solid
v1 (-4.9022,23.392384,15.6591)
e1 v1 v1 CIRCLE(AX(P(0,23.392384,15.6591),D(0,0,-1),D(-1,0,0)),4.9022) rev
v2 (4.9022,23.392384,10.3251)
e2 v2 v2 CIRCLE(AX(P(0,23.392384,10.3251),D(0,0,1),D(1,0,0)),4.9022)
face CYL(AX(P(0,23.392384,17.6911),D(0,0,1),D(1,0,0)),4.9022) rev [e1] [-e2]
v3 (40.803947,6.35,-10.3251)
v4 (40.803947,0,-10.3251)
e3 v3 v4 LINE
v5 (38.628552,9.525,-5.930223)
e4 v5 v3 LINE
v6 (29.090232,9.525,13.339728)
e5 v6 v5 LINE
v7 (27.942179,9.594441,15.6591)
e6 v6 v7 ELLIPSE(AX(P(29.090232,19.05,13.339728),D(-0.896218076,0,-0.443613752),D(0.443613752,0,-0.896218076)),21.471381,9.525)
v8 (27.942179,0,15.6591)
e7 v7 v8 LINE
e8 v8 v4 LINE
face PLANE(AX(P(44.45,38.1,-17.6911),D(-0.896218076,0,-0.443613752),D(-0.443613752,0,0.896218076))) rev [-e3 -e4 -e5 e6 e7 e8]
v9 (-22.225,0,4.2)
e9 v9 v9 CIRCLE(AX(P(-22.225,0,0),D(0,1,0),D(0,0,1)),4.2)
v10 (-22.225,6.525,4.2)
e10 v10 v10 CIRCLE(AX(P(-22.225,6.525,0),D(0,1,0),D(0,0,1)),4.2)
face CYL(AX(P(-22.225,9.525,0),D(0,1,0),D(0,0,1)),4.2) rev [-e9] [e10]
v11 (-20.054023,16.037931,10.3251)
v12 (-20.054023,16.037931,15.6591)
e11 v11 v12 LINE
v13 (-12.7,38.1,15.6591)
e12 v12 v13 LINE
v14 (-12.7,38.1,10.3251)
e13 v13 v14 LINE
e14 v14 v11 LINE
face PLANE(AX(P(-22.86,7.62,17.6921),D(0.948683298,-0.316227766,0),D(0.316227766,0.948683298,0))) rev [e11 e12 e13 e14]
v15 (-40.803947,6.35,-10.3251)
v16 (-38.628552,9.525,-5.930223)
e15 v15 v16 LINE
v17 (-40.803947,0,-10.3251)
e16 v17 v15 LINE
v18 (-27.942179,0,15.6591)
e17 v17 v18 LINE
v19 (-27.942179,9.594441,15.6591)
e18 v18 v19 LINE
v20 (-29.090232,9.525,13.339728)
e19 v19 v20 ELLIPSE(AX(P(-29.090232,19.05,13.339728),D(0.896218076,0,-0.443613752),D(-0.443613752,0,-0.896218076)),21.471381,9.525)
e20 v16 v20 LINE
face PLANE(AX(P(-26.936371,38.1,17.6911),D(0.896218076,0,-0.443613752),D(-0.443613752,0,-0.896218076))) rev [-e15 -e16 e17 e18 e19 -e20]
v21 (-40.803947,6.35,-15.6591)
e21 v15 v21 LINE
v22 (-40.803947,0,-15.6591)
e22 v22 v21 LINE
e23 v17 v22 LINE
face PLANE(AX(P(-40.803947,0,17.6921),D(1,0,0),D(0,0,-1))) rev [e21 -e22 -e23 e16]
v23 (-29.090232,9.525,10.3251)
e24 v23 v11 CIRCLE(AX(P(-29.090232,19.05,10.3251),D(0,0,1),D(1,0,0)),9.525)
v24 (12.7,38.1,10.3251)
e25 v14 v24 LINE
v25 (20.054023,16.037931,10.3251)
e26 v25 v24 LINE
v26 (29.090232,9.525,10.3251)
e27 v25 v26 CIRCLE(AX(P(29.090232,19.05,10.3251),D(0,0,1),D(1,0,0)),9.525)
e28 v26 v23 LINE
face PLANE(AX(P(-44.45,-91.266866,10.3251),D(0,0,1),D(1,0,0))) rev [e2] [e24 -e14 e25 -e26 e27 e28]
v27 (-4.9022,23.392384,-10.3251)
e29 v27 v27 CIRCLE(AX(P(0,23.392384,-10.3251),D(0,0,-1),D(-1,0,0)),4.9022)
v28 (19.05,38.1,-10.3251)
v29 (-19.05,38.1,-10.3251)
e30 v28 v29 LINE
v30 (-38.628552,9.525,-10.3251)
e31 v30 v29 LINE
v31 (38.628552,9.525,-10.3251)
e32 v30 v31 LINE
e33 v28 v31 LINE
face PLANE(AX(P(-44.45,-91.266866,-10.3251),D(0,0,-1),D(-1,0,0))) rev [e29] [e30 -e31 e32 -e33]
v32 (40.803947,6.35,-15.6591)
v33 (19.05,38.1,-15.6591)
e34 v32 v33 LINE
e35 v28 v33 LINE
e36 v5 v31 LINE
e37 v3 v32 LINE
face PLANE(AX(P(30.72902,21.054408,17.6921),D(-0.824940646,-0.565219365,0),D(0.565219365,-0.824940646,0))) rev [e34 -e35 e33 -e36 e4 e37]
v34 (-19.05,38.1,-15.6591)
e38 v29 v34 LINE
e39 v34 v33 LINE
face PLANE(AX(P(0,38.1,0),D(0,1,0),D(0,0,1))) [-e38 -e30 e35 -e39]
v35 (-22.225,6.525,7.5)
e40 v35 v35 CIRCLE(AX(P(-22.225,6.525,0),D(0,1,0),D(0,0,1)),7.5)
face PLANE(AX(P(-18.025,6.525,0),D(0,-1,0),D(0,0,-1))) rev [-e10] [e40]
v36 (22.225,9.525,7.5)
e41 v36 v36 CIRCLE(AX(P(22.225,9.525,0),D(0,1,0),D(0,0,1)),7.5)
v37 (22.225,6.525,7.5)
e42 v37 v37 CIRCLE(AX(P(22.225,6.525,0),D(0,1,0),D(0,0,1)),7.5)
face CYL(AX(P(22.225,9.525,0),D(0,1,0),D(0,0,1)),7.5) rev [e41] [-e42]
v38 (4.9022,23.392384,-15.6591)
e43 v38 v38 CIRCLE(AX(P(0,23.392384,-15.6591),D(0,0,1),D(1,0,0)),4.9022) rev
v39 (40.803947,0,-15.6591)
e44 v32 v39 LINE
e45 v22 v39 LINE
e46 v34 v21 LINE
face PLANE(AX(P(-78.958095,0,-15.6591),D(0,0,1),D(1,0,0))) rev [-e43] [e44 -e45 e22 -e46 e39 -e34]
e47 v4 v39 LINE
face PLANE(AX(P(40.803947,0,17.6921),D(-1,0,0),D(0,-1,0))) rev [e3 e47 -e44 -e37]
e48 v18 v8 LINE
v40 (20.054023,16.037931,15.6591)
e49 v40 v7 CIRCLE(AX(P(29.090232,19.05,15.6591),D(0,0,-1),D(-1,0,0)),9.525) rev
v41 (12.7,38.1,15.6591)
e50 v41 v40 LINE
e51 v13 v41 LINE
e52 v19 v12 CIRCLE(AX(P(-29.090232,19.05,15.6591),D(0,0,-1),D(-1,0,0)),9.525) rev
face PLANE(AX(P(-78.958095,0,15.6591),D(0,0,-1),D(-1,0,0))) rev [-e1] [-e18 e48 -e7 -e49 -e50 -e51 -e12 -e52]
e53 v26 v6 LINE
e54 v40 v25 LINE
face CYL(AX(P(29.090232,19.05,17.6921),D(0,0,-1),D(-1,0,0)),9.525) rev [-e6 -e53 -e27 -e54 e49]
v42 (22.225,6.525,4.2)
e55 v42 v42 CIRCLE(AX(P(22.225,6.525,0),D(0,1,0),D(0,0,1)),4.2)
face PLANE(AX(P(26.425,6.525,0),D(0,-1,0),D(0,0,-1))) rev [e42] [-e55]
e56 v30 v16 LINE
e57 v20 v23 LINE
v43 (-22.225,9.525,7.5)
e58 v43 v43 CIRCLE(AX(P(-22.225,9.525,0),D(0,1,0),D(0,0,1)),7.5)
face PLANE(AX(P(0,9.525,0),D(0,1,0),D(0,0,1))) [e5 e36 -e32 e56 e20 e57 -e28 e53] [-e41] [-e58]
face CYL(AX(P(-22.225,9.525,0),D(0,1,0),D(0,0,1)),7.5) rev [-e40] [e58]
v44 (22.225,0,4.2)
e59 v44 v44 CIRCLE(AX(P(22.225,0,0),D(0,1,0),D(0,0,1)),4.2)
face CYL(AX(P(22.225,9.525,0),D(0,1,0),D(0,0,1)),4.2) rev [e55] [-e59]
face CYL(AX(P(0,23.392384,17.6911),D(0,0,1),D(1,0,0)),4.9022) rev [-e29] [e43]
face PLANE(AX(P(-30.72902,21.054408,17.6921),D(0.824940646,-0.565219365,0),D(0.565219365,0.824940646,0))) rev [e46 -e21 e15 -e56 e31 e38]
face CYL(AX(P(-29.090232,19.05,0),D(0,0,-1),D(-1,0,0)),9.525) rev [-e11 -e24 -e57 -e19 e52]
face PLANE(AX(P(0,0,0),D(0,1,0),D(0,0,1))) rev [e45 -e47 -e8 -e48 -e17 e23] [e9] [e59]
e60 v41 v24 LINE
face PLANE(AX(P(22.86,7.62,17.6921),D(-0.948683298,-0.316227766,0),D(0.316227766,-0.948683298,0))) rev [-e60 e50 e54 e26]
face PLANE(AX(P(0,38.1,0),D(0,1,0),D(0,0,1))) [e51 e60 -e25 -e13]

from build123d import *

# Parameters (mm, degrees)
BOSS_EXTRUDE1_DEPTH                     = 38.1
SKETCH2_W                               = 88.9
SKETCH2_H                               = 20.6502
CUT_EXTRUDE1_DEPTH                      = 28.575
CBORE_FOR_M8_HEX_HEAD_BOLT2_D           = 8.4
CBORE_FOR_M8_HEX_HEAD_BOLT2_CBORE_D     = 15
CBORE_FOR_M8_HEX_HEAD_BOLT2_CBORE_DEPTH = 3
CUT_EXTRUDE4_REACH                      = 66.902
FILLET1_R                               = 9.525
CUT_EXTRUDE5_START                      = -11.760877
CUT_EXTRUDE5_DEPTH                      = 11.760877
W_0_386_DIAMETER_HOLE1_D                = 9.8044
CUT_EXTRUDE7_REACH                      = 93.785
SKETCH14_W                              = 2.032
SKETCH14_H                              = 38.1


with BuildPart() as part:
    # Sketch1 → Boss-Extrude1 (new body)
    with BuildSketch(Plane(origin=(0, 0, 0), x_dir=(1, 0, 0), z_dir=(0, 1, 0))):
        Polygon((26.936371436, -17.6911), (-26.936371436, -17.6911), (-44.45, 17.6911), (44.45, 17.6911), align=None)
    extrude(amount=BOSS_EXTRUDE1_DEPTH)

    # Sketch2 → Cut-Extrude1 (cut)
    with BuildSketch(Plane(origin=(0, 38.1, 0), x_dir=(1, 0, 0), z_dir=(0, 1, 0))):
        Rectangle(SKETCH2_W, SKETCH2_H)
    extrude(amount=-CUT_EXTRUDE1_DEPTH, mode=Mode.SUBTRACT)

    # CBORE for M8 Hex Head Bolt2 (through all)
    with Locations(Plane(origin=(0, 9.525, 0), x_dir=(1, 0, 0), z_dir=(0, 1, 0))):
        with Locations((-22.225, 0), (22.225, 0)):
            CounterBoreHole(CBORE_FOR_M8_HEX_HEAD_BOLT2_D / 2, CBORE_FOR_M8_HEX_HEAD_BOLT2_CBORE_D / 2, CBORE_FOR_M8_HEX_HEAD_BOLT2_CBORE_DEPTH)

    # Sketch9 → Cut-Extrude4 (cut, up to next)
    with BuildSketch(Plane(origin=(0, 0, 10.3251), x_dir=(-1, 0, 0), z_dir=(0, 0, -1)), mode=Mode.PRIVATE) as cut_extrude4_sk1:
        Polygon((12.7, 38.1), (22.225, 9.525), (30.582424762, 9.525), (30.582424762, 38.1), align=None)
    cut_extrude4_tool1 = extrude(cut_extrude4_sk1.sketch, amount=-CUT_EXTRUDE4_REACH, mode=Mode.PRIVATE) & part.part
    # Sketch9 → Cut-Extrude4 (cut, up to next)
    with BuildSketch(Plane(origin=(0, 0, 10.3251), x_dir=(-1, 0, 0), z_dir=(0, 0, -1)), mode=Mode.PRIVATE) as cut_extrude4_sk2:
        Polygon((-30.582424762, 9.525), (-22.225, 9.525), (-12.7, 38.1), (-30.582424762, 38.1), align=None)
    cut_extrude4_tool2 = extrude(cut_extrude4_sk2.sketch, amount=-CUT_EXTRUDE4_REACH, mode=Mode.PRIVATE) & part.part
    add(cut_extrude4_tool1.solids().sort_by_distance((-23.734333, 25.541276, 10.3251))[0], mode=Mode.SUBTRACT)
    add(cut_extrude4_tool2.solids().sort_by_distance((23.734333, 25.541276, 10.3251))[0], mode=Mode.SUBTRACT)

    # Fillet1
    fillet1_edges = [part.edges().sort_by_distance(p)[0] for p in [
        (-22.225, 9.525, 14.0081),
        (22.225, 9.525, 14.0081),
    ]]
    fillet(fillet1_edges, radius=FILLET1_R)

    # Sketch10 → Cut-Extrude5 (cut)
    with BuildSketch(Plane(origin=(0, 0, -17.6911), x_dir=(-1, 0, 0), z_dir=(0, 0, -1)).offset(CUT_EXTRUDE5_START)):
        Polygon((-40.803946674, 6.35), (-19.05, 38.1), (-44.45, 38.1), (-44.45, 0), (-40.803946674, 0), align=None)
        Polygon((44.45, 38.1), (19.05, 38.1), (40.803946674, 6.35), (40.803946674, 0), (44.45, 0), align=None)
    extrude(amount=CUT_EXTRUDE5_DEPTH, mode=Mode.SUBTRACT)

    # W (0.386) Diameter Hole1 (through all)
    with Locations(Plane.XY.offset(17.6911)):
        with Locations((0, 23.392384)):
            Hole(W_0_386_DIAMETER_HOLE1_D / 2)

    # Cut-Extrude7: up to this face of the body (flat: up to its plane)
    cut_extrude7_end = Plane(part.part.faces().sort_by_distance((-40.803946674, 3.175, -14.0081))[0])
    # Sketch14 → Cut-Extrude7 (cut, up to the picked face)
    with BuildSketch(Plane(origin=(40.803946674, 0, 0), x_dir=(0, 0, -1), z_dir=(1, 0, 0)), mode=Mode.PRIVATE) as cut_extrude7_sk1:
        with Locations((-16.6751, 19.05)):
            Rectangle(SKETCH14_W, SKETCH14_H)
    cut_extrude7_tool1 = split(extrude(cut_extrude7_sk1.sketch, amount=-CUT_EXTRUDE7_REACH, mode=Mode.PRIVATE), bisect_by=cut_extrude7_end, keep=Keep.BOTH, mode=Mode.PRIVATE)
    # Sketch14 → Cut-Extrude7 (cut, up to the picked face)
    with BuildSketch(Plane(origin=(40.803946674, 0, 0), x_dir=(0, 0, -1), z_dir=(1, 0, 0)), mode=Mode.PRIVATE) as cut_extrude7_sk2:
        with Locations((16.6751, 19.05)):
            Rectangle(SKETCH14_W, SKETCH14_H)
    cut_extrude7_tool2 = split(extrude(cut_extrude7_sk2.sketch, amount=-CUT_EXTRUDE7_REACH, mode=Mode.PRIVATE), bisect_by=cut_extrude7_end, keep=Keep.BOTH, mode=Mode.PRIVATE)
    add(cut_extrude7_tool1.solids().sort_by(Axis((40.803947, 19.05, 16.6751), (-1, 0, 0)))[0], mode=Mode.SUBTRACT)
    add(cut_extrude7_tool2.solids().sort_by(Axis((40.803947, 19.05, -16.6751), (-1, 0, 0)))[0], mode=Mode.SUBTRACT)


solid = part.part
